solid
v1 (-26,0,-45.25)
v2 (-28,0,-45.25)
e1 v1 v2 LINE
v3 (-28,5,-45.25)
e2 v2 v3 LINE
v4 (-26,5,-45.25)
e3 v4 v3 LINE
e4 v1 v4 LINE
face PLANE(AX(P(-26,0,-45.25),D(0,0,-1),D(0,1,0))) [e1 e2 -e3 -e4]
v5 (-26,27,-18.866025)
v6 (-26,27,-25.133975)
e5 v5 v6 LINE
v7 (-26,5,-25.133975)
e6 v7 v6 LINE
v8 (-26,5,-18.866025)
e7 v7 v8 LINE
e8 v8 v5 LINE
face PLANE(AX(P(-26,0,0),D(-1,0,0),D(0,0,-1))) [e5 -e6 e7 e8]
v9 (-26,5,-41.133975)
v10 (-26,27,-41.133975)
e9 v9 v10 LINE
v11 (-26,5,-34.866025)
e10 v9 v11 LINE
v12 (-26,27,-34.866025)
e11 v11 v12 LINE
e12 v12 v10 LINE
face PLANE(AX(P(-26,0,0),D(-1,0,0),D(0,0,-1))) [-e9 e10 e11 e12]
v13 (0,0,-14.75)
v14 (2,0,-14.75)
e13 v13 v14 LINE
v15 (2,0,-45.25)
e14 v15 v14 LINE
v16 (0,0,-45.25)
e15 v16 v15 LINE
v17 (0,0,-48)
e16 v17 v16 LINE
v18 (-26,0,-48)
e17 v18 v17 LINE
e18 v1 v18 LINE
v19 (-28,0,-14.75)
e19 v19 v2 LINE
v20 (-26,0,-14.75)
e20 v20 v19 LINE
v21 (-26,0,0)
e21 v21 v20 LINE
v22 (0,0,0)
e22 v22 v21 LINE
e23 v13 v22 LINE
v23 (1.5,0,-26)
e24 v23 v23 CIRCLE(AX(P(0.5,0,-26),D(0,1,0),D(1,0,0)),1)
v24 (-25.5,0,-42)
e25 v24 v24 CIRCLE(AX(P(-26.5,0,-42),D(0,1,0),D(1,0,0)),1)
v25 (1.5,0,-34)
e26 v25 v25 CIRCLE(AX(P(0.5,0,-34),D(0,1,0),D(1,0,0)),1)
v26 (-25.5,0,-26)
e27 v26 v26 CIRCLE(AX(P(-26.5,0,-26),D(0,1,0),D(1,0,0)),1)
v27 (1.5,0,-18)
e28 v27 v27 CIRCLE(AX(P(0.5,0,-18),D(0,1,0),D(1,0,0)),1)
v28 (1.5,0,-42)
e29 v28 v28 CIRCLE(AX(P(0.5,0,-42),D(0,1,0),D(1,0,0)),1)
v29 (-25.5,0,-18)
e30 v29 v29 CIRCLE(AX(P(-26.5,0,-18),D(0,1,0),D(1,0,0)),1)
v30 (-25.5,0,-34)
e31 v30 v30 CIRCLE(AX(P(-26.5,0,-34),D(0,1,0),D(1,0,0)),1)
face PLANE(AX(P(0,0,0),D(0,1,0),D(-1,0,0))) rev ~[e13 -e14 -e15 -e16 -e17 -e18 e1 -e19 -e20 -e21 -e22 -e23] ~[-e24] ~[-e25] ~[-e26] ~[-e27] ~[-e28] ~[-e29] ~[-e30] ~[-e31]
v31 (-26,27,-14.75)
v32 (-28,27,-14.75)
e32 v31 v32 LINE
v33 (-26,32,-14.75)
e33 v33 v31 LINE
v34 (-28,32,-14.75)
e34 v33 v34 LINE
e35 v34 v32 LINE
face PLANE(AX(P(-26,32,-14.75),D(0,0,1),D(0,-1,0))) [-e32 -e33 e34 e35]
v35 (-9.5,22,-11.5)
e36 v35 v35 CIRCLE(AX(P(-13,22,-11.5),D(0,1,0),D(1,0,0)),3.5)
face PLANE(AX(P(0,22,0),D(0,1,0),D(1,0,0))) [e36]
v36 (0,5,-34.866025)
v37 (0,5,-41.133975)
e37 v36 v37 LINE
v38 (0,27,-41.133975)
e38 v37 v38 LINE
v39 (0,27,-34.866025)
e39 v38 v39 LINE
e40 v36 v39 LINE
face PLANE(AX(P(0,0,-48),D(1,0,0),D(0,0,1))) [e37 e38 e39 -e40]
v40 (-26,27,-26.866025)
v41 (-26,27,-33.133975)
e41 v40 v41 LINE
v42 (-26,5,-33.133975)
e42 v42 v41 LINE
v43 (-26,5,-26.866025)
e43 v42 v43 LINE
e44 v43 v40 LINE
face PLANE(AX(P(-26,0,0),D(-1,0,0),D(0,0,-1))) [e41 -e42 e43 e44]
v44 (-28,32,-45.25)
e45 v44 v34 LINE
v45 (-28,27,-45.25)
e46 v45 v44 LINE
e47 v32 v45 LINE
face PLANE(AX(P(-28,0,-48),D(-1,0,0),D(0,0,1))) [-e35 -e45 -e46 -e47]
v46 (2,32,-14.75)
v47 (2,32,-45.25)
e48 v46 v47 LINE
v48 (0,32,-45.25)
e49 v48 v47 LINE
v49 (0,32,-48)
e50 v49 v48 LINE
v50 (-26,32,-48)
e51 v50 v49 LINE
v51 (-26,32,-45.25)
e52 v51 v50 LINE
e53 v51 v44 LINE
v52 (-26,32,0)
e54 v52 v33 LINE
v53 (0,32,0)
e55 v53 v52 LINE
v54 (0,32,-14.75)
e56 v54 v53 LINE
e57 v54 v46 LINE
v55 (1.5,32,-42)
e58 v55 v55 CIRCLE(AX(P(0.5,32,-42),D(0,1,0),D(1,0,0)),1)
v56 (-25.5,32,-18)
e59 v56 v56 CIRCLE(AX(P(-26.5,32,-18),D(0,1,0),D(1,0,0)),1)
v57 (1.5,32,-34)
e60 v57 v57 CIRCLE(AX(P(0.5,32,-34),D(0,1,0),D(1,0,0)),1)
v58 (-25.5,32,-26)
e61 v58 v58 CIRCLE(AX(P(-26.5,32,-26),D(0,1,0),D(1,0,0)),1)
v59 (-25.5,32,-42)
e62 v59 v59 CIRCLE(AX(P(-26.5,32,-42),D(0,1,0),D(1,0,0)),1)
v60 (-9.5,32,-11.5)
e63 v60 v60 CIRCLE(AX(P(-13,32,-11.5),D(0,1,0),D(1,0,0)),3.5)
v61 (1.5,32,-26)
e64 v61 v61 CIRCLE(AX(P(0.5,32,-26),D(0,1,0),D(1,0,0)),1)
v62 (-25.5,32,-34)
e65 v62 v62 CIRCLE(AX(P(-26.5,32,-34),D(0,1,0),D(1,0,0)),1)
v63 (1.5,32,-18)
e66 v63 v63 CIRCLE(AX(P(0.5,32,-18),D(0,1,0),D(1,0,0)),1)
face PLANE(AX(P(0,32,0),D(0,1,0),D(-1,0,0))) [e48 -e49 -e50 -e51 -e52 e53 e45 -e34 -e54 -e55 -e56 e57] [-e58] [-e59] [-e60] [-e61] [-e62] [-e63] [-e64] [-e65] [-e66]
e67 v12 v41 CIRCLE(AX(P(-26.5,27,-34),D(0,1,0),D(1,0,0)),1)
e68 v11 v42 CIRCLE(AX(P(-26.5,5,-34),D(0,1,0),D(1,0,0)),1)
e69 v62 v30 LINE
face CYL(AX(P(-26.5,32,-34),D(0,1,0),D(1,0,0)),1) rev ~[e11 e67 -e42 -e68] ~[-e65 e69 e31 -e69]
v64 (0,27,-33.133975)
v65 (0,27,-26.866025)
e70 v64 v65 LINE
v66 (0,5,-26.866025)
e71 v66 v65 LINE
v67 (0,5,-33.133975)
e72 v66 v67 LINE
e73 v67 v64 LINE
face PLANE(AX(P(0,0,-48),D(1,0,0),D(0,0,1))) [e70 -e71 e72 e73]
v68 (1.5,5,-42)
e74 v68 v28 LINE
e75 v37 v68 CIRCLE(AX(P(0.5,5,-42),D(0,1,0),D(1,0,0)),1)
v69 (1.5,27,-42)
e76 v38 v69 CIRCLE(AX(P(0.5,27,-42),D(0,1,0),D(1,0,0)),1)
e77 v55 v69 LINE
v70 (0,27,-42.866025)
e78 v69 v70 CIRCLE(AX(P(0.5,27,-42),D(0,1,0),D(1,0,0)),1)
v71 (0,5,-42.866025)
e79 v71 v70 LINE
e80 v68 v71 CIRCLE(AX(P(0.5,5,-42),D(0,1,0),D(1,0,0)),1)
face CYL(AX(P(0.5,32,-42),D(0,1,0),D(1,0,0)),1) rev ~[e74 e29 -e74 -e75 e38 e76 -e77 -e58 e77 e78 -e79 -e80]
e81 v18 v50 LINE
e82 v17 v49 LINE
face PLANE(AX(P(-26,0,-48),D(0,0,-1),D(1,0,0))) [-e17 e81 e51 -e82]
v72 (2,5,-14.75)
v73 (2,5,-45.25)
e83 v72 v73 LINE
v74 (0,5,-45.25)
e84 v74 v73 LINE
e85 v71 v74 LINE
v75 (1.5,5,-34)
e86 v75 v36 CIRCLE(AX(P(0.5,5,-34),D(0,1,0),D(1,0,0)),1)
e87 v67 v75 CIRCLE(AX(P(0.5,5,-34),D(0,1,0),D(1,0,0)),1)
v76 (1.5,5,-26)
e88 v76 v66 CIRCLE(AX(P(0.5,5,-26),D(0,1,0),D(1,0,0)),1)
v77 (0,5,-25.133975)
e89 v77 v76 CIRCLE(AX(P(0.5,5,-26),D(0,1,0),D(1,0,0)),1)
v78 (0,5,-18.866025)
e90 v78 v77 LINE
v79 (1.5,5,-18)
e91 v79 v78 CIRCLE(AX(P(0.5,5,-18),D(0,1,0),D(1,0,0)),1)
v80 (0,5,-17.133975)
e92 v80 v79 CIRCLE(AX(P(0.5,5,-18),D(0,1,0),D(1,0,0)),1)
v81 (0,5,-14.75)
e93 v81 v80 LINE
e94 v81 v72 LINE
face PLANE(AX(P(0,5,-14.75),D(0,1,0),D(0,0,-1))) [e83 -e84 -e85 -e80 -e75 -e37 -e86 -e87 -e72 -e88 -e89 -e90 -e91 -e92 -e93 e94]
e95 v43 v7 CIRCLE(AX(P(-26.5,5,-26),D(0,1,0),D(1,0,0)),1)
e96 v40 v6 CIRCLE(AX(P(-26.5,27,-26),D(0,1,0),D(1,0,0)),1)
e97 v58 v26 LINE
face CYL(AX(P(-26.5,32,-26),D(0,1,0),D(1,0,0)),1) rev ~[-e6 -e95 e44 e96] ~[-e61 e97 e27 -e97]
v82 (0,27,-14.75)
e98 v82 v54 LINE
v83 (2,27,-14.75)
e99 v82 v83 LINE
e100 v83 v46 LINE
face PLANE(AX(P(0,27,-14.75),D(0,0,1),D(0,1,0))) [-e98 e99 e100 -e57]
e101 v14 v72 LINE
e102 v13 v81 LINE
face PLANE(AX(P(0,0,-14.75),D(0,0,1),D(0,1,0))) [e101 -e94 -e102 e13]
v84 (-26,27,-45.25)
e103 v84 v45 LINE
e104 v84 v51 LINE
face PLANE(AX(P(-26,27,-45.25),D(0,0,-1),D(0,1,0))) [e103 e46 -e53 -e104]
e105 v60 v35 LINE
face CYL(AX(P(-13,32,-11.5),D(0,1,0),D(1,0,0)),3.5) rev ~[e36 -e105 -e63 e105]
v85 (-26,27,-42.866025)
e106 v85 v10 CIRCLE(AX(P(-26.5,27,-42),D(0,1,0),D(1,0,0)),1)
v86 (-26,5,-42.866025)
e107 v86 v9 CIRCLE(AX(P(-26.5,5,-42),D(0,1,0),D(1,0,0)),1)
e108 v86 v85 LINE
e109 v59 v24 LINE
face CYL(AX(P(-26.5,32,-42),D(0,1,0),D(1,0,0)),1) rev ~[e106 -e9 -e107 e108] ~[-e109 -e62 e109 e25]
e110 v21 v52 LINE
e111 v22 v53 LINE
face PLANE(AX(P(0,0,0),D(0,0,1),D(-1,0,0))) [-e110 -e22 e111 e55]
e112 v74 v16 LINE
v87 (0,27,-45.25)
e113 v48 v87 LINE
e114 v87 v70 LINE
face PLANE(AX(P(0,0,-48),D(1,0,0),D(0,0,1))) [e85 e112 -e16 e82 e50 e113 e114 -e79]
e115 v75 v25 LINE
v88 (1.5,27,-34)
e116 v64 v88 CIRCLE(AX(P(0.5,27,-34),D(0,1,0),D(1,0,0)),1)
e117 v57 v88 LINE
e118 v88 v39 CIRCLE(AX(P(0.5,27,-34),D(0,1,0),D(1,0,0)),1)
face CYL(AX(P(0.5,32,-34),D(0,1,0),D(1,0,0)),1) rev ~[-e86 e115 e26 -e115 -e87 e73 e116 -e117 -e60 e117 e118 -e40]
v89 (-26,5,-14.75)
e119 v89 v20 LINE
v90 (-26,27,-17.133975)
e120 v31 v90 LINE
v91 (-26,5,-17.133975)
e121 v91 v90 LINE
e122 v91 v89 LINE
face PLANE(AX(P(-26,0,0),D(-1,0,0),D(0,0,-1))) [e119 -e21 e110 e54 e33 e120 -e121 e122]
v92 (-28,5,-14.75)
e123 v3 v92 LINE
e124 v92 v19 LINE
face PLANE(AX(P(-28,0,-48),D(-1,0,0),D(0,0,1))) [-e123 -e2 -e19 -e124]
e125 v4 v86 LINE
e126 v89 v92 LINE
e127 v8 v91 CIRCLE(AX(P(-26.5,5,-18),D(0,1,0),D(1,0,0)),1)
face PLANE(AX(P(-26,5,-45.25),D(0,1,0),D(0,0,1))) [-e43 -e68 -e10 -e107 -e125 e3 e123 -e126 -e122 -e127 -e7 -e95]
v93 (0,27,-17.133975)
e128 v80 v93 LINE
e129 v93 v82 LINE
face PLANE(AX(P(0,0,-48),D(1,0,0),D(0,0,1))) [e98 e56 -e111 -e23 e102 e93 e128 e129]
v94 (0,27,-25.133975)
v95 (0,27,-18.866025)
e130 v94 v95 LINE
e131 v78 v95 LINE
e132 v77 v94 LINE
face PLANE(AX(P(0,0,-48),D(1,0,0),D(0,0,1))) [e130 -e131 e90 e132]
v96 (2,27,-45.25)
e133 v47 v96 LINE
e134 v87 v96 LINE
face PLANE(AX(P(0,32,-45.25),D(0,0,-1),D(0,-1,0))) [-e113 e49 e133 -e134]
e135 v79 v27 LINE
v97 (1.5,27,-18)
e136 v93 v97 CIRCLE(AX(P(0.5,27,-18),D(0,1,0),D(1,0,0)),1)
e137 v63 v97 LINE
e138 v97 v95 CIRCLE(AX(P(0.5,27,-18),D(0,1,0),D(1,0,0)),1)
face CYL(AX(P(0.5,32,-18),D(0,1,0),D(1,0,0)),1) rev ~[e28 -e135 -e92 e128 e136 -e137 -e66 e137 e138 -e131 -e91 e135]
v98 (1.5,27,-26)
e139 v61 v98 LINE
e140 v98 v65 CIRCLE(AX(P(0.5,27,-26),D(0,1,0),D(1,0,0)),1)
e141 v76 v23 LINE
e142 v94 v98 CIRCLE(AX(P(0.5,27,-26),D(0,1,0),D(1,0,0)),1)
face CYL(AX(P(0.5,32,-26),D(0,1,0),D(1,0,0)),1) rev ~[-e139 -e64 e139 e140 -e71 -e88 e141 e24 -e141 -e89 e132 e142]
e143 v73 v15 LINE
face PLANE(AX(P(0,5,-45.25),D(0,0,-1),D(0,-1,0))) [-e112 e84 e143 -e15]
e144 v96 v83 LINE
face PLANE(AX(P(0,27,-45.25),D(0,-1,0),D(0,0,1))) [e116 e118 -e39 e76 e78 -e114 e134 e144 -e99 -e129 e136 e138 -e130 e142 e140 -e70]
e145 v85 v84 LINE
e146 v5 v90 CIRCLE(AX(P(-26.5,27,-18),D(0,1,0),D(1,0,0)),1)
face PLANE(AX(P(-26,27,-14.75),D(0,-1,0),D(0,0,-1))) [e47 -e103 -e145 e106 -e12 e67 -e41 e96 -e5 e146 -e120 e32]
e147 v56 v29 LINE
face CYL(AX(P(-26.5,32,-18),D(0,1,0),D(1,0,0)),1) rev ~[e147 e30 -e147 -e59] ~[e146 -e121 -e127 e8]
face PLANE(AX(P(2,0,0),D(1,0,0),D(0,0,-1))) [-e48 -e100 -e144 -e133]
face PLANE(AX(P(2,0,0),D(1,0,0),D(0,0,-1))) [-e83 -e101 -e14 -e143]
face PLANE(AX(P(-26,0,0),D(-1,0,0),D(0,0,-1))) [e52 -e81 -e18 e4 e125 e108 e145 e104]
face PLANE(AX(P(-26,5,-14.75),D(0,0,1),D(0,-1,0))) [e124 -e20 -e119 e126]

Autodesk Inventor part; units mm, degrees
ref_plane "YZ Plane" through (0, 0, 0) normal (1, 0, 0) x (0, 1, 0)
ref_plane "XZ Plane" through (0, 0, 0) normal (0, 1, 0) x (-1, 0, 0)
ref_plane "XY Plane" through (0, 0, 0) normal (0, 0, 1) x (1, 0, 0)
sketch "Sketch1" plane through (0, 0, 0) normal (0, 1, 0) x (-1, 0, 0)
  line L0 (0, 0) -> (26, 0)
  line L1 (26, 0) -> (26, -48)
  line L2 (26, -48) -> (0, -48)
  line L3 (0, -48) -> (0, 0)
  dimension "d0" = 26
  dimension "d1" = 48
extrude "Extrusion1" add sketch "Sketch1" along normal blind 32
sketch "Sketch2" plane through (0, 32, 0) normal (0, 1, 0) x (1, 0, 0)
  circle A0 centre (-13, 11.5) radius 3.5
  line L0 (0, 0) -> (-26, 0) projected
  line L1 (0, 0) -> (0, 48) projected
  dimension "d4" = 7
  dimension "d5" = 11.5
  dimension "d6" = 26
  dimension "d7" = 13
extrude "Extrusion2" cut sketch "Sketch2" against normal blind 10
sketch "Sketch3" plane through (0, 0, 0) normal (1, 0, 0) x (0, 0, -1)
  line L0 (0, 32) -> (48, 32) projected
  line L1 (14.75, 32) -> (45.25, 32)
  line L2 (45.25, 32) -> (45.25, 27)
  line L3 (45.25, 27) -> (14.75, 27)
  line L4 (14.75, 27) -> (14.75, 32)
  line L5 (48, 0) -> (0, 0) projected
  line L6 (45.25, 0) -> (14.75, 0)
  line L7 (14.75, 0) -> (14.75, 5)
  line L8 (14.75, 5) -> (45.25, 5)
  line L9 (45.25, 5) -> (45.25, 0)
  line L10 (0, 0) -> (0, 32) projected
  line L11 (48, 0) -> (48, 32) projected
  dimension "d10" = 5
  dimension "d11" = 5
  dimension "d12" = 30.5
  dimension "d13" = 30.5
  dimension "d52" = 14.75
extrude "Extrusion3" add sketch "Sketch3" along normal blind 2 contours L0 L2 L3 L4 | L7 L8 L9 L5
sketch "Sketch4" plane through (-26, 0, -48) normal (-1, 0, 0) x (0, 0, 1)
  line L0 (2.75, 27) -> (2.75, 32) projected
  line L1 (2.75, 32) -> (33.25, 32) projected
  line L2 (33.25, 32) -> (33.25, 27) projected
  line L3 (33.25, 27) -> (2.75, 27) projected
  line L4 (2.75, 27) -> (2.75, 32) projected
  line L5 (33.25, 0) -> (2.75, 0) projected
  line L6 (2.75, 0) -> (2.75, 5) projected
  line L7 (2.75, 5) -> (33.25, 5) projected
  line L8 (33.25, 5) -> (33.25, 0) projected
  point P0 (48, 0)
extrude "Extrusion4" add sketch "Sketch4" along normal blind 2
sketch "Sketch5" plane through (0, 32, 0) normal (0, 1, 0) x (1, 0, 0)
  circle A0 centre (0.5, 42) radius 1
  line L0 (0, 45.25) -> (2, 45.25) projected
  line L1 (2, 45.25) -> (2, 14.75) projected
  circle A1 centre (-13, 11.5) radius 3.5 projected
  line L2 (-26, 0) -> (0, 0) projected
  line L3 (0, 0) -> (0, 14.75) projected
  line L4 (0, 14.75) -> (2, 14.75) projected
  line L5 (2, 45.25) -> (2, 14.75) projected
  line L6 (0, 45.25) -> (2, 45.25) projected
  line L7 (0, 48) -> (-26, 48) projected
  line L8 (-26, 48) -> (-26, 45.25) projected
  line L9 (-26, 45.25) -> (-28, 45.25) projected
  line L10 (-28, 14.75) -> (-28, 45.25) projected
  line L11 (-26, 14.75) -> (-28, 14.75) projected
  circle A2 centre (0.5, 34) radius 1
  circle A3 centre (0.5, 26) radius 1
  circle A4 centre (0.5, 18) radius 1
  circle A5 centre (-26.5, 42) radius 1
  circle A6 centre (-26.5, 34) radius 1
  circle A7 centre (-26.5, 26) radius 1
  circle A8 centre (-26.5, 18) radius 1
  line L12 (0, 45.25) -> (0, 48) projected
  line L13 (-26, 14.75) -> (-26, 0) projected
  point P0 (0, 48.5)
  dimension "d20" = 2
  dimension "d21" = 3.25
  dimension "d24" = 8
  dimension "d29" = 3.25
  dimension "d30" = 1.5
  dimension "d32" = 2
  dimension "d33" = 1.5
  dimension "d36" = 8
  dimension "d41" = 3.25
  dimension "d42" = 3.25
extrude "Extrusion5" cut sketch "Sketch5" against normal through all contours A0 | A2 | A3 | A4 | A5 | A6 | A7 | A8
equation "\"d7\" = 0.5 * d6"
equation "\"d10\" = d11"
equation "\"d21\" = d29"
equation "\"d41\" = d42"
properties part number "ax12" material "ABS Plastic"
